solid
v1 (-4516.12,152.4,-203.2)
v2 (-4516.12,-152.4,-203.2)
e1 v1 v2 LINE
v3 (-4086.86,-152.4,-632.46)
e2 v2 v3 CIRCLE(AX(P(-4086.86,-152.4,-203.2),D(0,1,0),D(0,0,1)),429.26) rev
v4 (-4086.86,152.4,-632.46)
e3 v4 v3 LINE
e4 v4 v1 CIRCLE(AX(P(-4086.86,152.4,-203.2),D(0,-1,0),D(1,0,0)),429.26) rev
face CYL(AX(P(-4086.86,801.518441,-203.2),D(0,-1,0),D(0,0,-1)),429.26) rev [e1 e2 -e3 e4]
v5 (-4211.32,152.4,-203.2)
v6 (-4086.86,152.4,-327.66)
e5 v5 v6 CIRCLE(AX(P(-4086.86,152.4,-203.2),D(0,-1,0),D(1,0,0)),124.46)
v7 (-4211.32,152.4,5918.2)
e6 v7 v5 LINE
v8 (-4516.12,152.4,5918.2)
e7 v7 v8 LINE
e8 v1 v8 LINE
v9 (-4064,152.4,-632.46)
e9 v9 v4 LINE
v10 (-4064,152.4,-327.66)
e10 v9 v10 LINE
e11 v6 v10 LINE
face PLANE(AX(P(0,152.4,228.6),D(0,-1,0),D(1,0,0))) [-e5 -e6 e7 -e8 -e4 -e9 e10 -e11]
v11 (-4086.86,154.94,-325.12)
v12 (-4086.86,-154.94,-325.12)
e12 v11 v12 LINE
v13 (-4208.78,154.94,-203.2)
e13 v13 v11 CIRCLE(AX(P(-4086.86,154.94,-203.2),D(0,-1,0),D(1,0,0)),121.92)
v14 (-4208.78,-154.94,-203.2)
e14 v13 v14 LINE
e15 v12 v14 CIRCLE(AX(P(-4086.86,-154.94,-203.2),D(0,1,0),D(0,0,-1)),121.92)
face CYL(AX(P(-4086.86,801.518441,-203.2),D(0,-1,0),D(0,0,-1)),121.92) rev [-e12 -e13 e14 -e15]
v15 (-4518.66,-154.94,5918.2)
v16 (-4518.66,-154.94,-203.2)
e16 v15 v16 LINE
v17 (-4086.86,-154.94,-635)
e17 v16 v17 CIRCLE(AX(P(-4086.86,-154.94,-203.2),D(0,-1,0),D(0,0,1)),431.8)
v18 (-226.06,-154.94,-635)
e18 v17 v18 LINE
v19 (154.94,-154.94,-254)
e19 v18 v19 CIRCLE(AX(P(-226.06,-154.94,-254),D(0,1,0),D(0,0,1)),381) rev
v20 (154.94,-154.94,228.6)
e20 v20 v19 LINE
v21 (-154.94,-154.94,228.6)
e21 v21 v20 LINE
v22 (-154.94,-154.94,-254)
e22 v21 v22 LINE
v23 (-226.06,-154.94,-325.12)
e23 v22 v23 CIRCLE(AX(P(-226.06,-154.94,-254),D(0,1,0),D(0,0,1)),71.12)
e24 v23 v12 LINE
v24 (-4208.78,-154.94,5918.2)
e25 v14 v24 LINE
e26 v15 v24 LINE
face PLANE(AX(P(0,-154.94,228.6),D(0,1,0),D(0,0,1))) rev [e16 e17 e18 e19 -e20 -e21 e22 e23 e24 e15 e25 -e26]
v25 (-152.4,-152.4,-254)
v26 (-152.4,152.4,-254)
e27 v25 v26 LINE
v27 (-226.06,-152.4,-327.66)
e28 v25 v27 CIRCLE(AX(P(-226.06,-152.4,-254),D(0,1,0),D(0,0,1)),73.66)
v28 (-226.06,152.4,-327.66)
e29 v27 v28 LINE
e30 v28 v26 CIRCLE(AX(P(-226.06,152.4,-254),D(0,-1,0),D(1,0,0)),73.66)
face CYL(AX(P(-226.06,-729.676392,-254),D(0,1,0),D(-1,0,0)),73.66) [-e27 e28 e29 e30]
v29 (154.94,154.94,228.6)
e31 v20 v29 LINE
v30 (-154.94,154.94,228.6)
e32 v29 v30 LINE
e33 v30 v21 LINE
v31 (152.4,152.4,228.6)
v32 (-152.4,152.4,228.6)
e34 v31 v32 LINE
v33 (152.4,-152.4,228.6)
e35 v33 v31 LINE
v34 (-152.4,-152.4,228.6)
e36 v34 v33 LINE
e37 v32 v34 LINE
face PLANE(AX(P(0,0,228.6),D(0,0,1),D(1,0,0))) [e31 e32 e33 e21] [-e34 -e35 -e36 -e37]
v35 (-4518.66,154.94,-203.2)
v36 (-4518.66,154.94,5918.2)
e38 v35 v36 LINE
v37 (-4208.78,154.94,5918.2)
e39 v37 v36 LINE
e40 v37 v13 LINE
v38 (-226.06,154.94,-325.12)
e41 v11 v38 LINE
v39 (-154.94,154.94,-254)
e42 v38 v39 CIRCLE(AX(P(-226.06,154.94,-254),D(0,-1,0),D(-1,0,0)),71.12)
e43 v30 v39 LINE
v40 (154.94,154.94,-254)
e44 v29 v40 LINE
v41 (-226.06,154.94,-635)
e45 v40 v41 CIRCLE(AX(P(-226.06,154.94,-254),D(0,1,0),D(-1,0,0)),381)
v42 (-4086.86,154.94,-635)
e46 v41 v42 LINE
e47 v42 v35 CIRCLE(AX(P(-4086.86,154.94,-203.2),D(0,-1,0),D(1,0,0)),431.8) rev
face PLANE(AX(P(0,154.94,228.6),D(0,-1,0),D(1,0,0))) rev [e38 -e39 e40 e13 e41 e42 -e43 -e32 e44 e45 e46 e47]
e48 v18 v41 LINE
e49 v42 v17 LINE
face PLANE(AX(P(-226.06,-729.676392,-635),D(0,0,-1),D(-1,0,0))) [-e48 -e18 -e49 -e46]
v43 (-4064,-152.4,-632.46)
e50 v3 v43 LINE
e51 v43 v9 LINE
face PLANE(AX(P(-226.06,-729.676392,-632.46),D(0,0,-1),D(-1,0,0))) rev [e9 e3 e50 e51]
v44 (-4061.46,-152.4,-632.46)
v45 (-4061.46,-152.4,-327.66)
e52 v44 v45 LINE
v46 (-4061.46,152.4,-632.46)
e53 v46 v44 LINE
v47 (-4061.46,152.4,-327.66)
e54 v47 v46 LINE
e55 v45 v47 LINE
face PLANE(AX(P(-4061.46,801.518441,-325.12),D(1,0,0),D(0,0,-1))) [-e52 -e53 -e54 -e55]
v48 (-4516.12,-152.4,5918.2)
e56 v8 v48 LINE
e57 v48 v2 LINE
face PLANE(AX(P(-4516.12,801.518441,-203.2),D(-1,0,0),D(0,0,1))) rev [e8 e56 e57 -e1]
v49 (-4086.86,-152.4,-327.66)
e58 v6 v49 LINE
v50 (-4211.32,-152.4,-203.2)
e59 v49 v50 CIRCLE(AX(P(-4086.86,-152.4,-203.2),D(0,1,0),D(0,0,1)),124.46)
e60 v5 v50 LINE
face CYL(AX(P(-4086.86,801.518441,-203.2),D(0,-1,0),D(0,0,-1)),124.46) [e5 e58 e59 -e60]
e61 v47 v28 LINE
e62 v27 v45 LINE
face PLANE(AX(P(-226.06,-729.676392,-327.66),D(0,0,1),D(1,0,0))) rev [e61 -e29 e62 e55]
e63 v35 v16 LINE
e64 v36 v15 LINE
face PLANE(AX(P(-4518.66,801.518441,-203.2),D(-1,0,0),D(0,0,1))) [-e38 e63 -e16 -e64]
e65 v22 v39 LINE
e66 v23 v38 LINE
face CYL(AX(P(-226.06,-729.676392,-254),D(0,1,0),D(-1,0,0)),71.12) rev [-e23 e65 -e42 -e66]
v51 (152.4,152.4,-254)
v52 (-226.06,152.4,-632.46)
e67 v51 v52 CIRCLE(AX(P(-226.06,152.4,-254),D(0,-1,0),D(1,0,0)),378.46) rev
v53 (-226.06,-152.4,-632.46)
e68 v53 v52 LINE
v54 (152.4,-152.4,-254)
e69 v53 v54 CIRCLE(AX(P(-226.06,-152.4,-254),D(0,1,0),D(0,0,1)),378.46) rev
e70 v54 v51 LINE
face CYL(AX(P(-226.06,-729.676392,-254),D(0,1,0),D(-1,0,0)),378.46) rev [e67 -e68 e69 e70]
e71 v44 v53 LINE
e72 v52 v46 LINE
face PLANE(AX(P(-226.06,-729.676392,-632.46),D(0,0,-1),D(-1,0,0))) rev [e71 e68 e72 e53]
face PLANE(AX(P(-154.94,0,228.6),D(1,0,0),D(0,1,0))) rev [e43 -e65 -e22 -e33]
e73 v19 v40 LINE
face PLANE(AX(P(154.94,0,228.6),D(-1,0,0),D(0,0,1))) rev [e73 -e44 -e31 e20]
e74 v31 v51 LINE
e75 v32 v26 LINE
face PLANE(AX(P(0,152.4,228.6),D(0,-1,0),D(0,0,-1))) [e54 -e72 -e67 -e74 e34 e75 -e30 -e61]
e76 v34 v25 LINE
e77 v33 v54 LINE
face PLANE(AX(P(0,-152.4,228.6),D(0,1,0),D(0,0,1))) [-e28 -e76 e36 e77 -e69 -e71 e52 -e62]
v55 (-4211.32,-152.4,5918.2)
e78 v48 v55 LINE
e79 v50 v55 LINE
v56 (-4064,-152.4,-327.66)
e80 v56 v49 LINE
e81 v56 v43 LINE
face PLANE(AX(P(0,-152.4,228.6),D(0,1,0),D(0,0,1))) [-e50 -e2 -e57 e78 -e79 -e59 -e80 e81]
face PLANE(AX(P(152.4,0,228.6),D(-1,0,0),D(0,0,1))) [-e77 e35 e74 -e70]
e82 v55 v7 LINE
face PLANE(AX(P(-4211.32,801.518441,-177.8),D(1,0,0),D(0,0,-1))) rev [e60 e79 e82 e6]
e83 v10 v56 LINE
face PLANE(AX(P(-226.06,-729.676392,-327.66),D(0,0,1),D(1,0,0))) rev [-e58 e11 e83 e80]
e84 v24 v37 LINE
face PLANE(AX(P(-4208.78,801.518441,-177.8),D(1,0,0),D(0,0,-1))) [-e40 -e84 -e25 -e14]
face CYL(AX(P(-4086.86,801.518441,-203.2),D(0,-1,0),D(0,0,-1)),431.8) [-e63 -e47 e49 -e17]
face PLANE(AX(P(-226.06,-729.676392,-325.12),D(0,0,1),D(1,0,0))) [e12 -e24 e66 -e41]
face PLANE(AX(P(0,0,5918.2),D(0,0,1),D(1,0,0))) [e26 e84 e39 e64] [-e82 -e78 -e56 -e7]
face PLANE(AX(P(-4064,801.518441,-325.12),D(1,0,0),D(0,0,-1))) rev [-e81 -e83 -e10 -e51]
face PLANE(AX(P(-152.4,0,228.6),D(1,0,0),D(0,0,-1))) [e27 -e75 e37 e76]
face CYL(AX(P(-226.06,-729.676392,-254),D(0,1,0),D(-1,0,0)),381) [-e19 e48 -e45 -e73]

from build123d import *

# Parameters (mm, degrees)
SKETCH2_W            = 309.88
SKETCH2_H            = 309.88
SKETCH2_W_2          = 304.8
SKETCH2_H_2          = 304.8
BOSS_EXTRUDE1_DEPTH  = 228.6
BOSS_EXTRUDE6_DEPTH  = 309.88
SHELL1_T             = -2.54
SKETCH9_W            = 304.8
SKETCH9_H            = 304.8
CUT_EXTRUDE2_DEPTH   = 547.442497249
SKETCH10_W           = 309.88
SKETCH10_H           = 309.88
SKETCH10_W_2         = 304.8
SKETCH10_H_2         = 304.8
BOSS_EXTRUDE8_DEPTH  = 3810
BOSS_EXTRUDE9_DEPTH  = 309.88
SHELL2_T             = -2.54
SKETCH12_W           = 309.88
SKETCH12_H           = 309.88
SKETCH12_W_2         = 304.8
SKETCH12_H_2         = 304.8
BOSS_EXTRUDE10_DEPTH = 6096


with BuildPart() as part:
    # Sketch2 → Boss-Extrude1 (new, symmetric)
    with BuildSketch(Plane.XY):
        Rectangle(SKETCH2_W, SKETCH2_H)
        Rectangle(SKETCH2_W_2, SKETCH2_H_2, mode=Mode.SUBTRACT)
    extrude(amount=BOSS_EXTRUDE1_DEPTH, both=True)

    # Sketch8 → Boss-Extrude6 (add)
    with BuildSketch(Plane(origin=(0, 154.94, 0), x_dir=(1, 0, 0), z_dir=(0, 1, 0))):
        with BuildLine():
            Line((154.94, 228.6), (-154.94, 228.6))
            Line((-154.94, 228.6), (-154.94, 254))
            ThreePointArc((-154.94, 254), (-175.770565722, 304.289434278), (-226.06, 325.12))
            Line((-226.06, 325.12), (-251.46, 325.12))
            Line((-251.46, 325.12), (-251.46, 635))
            Line((-251.46, 635), (-226.06, 635))
            ThreePointArc((-226.06, 635), (43.347683632, 523.407683632), (154.94, 254))
            Line((154.94, 254), (154.94, 228.6))
        make_face()
    extrude(amount=-BOSS_EXTRUDE6_DEPTH)

    # Shell1
    shell1_openings = [part.faces().sort_by_distance(p)[0] for p in [
        (-251.46, 0, -480.06),
    ]]
    offset(amount=SHELL1_T, openings=shell1_openings, kind=Kind.INTERSECTION)

    # Sketch9 → Cut-Extrude2 (cut, through all)
    with BuildSketch(Plane(origin=(0, 0, -231.14), x_dir=(-1, 0, 0), z_dir=(0, 0, -1))):
        Rectangle(SKETCH9_W, SKETCH9_H)
    extrude(amount=-CUT_EXTRUDE2_DEPTH, mode=Mode.SUBTRACT)

    # Sketch10 → Boss-Extrude8 (add)
    with BuildSketch(Plane.ZY.offset(251.46)):
        with Locations((-480.06, 0)):
            Rectangle(SKETCH10_W, SKETCH10_H)
        with Locations((-480.06, 0)):
            Rectangle(SKETCH10_W_2, SKETCH10_H_2, mode=Mode.SUBTRACT)
    extrude(amount=BOSS_EXTRUDE8_DEPTH)

    # Sketch11 → Boss-Extrude9 (add)
    with BuildSketch(Plane.XZ.offset(154.94)):
        with BuildLine():
            Line((-4061.46, -325.12), (-4086.86, -325.12))
            ThreePointArc((-4086.86, -325.12), (-4173.070458762, -289.410458762), (-4208.78, -203.2))
            Line((-4208.78, -203.2), (-4208.78, -177.8))
            Line((-4208.78, -177.8), (-4518.66, -177.8))
            Line((-4518.66, -177.8), (-4518.66, -203.2))
            ThreePointArc((-4518.66, -203.2), (-4392.188708116, -508.528708116), (-4086.86, -635))
            Line((-4086.86, -635), (-4061.46, -635))
            Line((-4061.46, -635), (-4061.46, -325.12))
        make_face()
    extrude(amount=-BOSS_EXTRUDE9_DEPTH)

    # Shell2
    shell2_openings = [part.faces().sort_by_distance(p)[0] for p in [
        (-4363.72, 0, -177.8),
    ]]
    offset(amount=SHELL2_T, openings=shell2_openings, kind=Kind.INTERSECTION)

    # Sketch12 → Boss-Extrude10 (add)
    with BuildSketch(Plane.XY.offset(-177.8)):
        with Locations((-4363.72, 0)):
            Rectangle(SKETCH12_W, SKETCH12_H)
        with Locations((-4363.72, 0)):
            Rectangle(SKETCH12_W_2, SKETCH12_H_2, mode=Mode.SUBTRACT)
    extrude(amount=BOSS_EXTRUDE10_DEPTH)


solid = part.part
